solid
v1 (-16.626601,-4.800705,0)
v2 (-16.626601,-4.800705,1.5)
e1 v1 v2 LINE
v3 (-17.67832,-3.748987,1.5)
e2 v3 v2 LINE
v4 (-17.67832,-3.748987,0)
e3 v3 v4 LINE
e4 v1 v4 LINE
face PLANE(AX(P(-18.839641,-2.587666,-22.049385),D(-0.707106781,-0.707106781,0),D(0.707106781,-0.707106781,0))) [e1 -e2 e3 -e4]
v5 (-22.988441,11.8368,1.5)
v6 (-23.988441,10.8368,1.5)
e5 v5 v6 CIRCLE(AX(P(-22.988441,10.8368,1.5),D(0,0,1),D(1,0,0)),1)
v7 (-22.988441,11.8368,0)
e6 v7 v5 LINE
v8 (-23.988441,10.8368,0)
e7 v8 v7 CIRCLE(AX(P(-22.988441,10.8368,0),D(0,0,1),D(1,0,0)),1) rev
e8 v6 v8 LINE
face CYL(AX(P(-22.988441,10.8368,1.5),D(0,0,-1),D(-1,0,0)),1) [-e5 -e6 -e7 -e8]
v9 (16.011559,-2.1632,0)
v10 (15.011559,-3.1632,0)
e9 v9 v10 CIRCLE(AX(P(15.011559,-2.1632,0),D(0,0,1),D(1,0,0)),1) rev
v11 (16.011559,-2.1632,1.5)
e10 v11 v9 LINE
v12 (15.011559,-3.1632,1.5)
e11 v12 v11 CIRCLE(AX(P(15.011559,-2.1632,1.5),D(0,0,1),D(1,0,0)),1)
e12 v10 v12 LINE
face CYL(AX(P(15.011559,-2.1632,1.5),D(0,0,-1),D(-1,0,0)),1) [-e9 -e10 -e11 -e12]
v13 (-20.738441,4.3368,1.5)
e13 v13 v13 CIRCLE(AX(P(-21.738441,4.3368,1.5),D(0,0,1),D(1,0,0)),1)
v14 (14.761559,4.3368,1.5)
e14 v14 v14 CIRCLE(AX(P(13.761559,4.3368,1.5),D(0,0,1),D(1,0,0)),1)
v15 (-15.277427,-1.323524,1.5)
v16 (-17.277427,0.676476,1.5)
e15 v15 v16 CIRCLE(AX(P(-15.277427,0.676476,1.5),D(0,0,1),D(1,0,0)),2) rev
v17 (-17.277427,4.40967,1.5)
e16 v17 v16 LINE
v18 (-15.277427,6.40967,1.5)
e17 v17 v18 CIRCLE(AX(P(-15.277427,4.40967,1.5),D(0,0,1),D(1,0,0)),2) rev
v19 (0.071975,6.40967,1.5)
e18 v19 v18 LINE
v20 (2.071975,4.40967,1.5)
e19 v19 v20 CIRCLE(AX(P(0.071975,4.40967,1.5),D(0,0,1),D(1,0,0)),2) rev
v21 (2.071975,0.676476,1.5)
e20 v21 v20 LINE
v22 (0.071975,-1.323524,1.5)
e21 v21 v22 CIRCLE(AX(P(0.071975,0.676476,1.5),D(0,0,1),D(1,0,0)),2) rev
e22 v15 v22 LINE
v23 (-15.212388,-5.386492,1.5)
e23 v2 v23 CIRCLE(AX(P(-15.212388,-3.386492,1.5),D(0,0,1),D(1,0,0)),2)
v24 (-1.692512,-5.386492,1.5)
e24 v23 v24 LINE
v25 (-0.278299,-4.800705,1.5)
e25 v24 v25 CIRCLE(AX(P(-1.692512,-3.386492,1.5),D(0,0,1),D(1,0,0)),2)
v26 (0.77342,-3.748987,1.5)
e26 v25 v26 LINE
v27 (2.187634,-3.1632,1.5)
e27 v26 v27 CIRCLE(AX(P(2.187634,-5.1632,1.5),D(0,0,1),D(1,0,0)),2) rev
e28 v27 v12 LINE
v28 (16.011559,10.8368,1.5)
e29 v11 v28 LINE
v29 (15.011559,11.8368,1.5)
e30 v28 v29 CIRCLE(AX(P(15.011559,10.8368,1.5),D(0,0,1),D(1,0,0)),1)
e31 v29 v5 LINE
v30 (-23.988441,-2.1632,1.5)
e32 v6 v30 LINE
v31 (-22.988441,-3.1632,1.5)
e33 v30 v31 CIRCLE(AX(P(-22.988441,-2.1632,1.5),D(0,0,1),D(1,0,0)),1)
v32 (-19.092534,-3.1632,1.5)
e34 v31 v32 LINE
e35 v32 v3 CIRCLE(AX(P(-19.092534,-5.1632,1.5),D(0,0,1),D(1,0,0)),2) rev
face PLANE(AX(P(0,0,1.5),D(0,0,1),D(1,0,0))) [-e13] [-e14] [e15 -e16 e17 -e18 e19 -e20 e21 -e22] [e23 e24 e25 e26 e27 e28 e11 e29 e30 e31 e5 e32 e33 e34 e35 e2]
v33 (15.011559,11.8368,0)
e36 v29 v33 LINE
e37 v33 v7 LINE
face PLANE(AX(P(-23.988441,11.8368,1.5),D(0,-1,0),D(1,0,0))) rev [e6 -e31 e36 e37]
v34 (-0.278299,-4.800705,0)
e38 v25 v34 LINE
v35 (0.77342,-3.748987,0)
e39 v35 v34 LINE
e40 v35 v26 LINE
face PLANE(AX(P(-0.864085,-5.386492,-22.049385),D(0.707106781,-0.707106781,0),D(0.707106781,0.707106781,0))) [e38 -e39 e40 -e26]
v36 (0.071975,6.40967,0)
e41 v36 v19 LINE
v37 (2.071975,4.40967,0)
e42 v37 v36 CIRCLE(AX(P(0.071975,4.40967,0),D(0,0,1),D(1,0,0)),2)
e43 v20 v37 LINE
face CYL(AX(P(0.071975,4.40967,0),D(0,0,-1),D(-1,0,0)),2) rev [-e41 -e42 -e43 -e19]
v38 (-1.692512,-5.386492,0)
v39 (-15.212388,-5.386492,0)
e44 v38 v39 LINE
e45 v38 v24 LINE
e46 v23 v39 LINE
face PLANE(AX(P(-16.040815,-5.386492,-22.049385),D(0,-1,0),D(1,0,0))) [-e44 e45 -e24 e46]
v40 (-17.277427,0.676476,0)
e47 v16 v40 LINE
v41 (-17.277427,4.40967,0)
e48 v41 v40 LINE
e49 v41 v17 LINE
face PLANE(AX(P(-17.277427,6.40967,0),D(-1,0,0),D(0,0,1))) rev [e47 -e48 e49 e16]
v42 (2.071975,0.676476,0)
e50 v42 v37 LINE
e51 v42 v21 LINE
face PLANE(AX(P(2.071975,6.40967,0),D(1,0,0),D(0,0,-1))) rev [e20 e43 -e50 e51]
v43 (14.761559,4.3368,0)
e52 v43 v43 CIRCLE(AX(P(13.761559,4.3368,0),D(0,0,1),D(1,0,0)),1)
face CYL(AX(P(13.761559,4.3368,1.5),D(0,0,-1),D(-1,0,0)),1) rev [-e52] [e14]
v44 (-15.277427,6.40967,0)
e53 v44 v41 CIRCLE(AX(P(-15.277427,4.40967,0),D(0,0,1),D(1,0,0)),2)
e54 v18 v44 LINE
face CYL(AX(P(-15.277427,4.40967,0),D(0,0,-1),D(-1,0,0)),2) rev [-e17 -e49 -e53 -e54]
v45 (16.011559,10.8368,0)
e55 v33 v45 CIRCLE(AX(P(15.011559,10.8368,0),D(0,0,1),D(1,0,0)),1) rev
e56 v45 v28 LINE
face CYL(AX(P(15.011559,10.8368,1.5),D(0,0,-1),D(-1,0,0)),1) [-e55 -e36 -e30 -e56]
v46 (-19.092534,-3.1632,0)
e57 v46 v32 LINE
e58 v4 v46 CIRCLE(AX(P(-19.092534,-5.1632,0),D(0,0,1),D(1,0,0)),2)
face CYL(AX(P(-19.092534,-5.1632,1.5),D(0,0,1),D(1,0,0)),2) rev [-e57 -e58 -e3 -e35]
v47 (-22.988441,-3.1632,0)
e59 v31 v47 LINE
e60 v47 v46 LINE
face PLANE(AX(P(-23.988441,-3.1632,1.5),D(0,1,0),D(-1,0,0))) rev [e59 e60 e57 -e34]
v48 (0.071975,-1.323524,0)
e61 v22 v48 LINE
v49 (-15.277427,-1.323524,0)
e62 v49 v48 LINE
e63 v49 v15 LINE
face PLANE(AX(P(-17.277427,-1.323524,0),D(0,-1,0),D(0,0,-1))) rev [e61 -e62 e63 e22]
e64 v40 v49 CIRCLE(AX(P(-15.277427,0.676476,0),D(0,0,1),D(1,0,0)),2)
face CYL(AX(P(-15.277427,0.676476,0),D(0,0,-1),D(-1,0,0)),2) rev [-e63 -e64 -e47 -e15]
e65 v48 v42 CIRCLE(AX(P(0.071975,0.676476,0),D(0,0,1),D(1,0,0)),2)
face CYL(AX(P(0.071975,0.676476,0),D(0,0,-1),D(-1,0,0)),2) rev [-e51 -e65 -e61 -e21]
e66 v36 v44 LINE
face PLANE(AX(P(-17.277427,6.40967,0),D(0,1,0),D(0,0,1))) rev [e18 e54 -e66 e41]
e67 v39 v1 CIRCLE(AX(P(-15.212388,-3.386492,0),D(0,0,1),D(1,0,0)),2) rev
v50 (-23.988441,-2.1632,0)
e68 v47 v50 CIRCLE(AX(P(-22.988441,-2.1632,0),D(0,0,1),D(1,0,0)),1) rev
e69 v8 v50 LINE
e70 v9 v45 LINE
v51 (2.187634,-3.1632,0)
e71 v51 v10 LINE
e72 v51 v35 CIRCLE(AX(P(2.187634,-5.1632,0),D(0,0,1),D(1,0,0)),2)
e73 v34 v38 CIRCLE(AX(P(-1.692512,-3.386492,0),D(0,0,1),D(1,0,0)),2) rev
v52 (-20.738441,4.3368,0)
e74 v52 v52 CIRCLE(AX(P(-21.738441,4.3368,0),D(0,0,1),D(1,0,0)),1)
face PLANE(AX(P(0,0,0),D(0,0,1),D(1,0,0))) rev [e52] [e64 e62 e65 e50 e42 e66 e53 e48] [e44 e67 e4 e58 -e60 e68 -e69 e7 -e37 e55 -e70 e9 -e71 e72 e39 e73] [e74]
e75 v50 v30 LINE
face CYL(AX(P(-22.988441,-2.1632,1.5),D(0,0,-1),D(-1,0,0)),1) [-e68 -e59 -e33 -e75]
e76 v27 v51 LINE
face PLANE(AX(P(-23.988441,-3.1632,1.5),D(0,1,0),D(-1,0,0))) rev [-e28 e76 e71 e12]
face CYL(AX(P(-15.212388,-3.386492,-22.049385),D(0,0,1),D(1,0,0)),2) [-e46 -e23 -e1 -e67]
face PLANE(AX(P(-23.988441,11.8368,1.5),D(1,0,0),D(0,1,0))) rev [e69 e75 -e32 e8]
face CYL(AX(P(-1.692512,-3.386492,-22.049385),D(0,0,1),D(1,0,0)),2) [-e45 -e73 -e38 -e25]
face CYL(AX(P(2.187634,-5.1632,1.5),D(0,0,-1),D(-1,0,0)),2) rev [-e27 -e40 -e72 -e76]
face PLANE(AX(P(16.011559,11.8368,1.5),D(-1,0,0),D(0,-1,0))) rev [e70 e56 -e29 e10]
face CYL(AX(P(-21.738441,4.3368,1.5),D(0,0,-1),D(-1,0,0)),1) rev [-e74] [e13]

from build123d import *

# Parameters (mm, degrees)
SKETCH_1_W          = 40
SKETCH_1_H          = 15
SKETCH_1_R          = 1
EXTRUDE_1_DEPTH     = 1.5
SKETCH_2_W          = 19.349402369
SKETCH_2_H          = 7.733193781
CUT_EXTRUDE_1_DEPTH = 1.5
FILLET_2_R          = 1
FILLET_3_R          = 2
EXTRUDE_2_DEPTH     = 1.5
FILLET_4_R          = 2


with BuildPart() as part:
    # 草图1 → 凸台-拉伸1 (new body)
    with BuildSketch(Plane.XY):
        with Locations((-3.988440653, 4.336799691)):
            Rectangle(SKETCH_1_W, SKETCH_1_H)
        with Locations((-21.738440653, 4.336799691)):
            Circle(SKETCH_1_R, mode=Mode.SUBTRACT)
        with Locations((13.761559347, 4.336799691)):
            Circle(SKETCH_1_R, mode=Mode.SUBTRACT)
    extrude(amount=EXTRUDE_1_DEPTH)

    # 草图2 → 切除-拉伸1 (cut)
    with BuildSketch(Plane.XY.offset(1.5)):
        with Locations((-7.602725981, 2.54307272)):
            Rectangle(SKETCH_2_W, SKETCH_2_H)
    extrude(amount=-CUT_EXTRUDE_1_DEPTH, mode=Mode.SUBTRACT)

    # 圆角2
    fillet_2_edges = [part.edges().sort_by_distance(p)[0] for p in [
        (16.011559347, -3.163200309, 0.75),
        (-23.988440653, -3.163200309, 0.75),
        (-23.988440653, 11.836799691, 0.75),
        (16.011559347, 11.836799691, 0.75),
    ]]
    fillet(fillet_2_edges, radius=FILLET_2_R)

    # 圆角3
    fillet_3_edges = [part.edges().sort_by_distance(p)[0] for p in [
        (2.071975204, 6.40966961, 0.75),
        (2.071975204, -1.323524171, 0.75),
        (-17.277427165, -1.323524171, 0.75),
        (-17.277427165, 6.40966961, 0.75),
    ]]
    fillet(fillet_3_edges, radius=FILLET_3_R)

    # 草图3 → 凸台-拉伸2 (add)
    with BuildSketch(Plane.XY.offset(1.5)):
        Polygon((-18.839640509, -2.587666371), (-16.040814973, -5.386491907), (-0.864084954, -5.386491907), (2.88813454, -1.634272413), align=None)
    extrude(amount=-EXTRUDE_2_DEPTH)

    # 圆角4
    fillet_4_edges = [part.edges().sort_by_distance(p)[0] for p in [
        (-18.26410657, -3.163200309, 0.75),
        (1.359206644, -3.163200309, 0.75),
        (-16.040814973, -5.386491907, 0.75),
        (-0.864084954, -5.386491907, 0.75),
    ]]
    fillet(fillet_4_edges, radius=FILLET_4_R)


solid = part.part
